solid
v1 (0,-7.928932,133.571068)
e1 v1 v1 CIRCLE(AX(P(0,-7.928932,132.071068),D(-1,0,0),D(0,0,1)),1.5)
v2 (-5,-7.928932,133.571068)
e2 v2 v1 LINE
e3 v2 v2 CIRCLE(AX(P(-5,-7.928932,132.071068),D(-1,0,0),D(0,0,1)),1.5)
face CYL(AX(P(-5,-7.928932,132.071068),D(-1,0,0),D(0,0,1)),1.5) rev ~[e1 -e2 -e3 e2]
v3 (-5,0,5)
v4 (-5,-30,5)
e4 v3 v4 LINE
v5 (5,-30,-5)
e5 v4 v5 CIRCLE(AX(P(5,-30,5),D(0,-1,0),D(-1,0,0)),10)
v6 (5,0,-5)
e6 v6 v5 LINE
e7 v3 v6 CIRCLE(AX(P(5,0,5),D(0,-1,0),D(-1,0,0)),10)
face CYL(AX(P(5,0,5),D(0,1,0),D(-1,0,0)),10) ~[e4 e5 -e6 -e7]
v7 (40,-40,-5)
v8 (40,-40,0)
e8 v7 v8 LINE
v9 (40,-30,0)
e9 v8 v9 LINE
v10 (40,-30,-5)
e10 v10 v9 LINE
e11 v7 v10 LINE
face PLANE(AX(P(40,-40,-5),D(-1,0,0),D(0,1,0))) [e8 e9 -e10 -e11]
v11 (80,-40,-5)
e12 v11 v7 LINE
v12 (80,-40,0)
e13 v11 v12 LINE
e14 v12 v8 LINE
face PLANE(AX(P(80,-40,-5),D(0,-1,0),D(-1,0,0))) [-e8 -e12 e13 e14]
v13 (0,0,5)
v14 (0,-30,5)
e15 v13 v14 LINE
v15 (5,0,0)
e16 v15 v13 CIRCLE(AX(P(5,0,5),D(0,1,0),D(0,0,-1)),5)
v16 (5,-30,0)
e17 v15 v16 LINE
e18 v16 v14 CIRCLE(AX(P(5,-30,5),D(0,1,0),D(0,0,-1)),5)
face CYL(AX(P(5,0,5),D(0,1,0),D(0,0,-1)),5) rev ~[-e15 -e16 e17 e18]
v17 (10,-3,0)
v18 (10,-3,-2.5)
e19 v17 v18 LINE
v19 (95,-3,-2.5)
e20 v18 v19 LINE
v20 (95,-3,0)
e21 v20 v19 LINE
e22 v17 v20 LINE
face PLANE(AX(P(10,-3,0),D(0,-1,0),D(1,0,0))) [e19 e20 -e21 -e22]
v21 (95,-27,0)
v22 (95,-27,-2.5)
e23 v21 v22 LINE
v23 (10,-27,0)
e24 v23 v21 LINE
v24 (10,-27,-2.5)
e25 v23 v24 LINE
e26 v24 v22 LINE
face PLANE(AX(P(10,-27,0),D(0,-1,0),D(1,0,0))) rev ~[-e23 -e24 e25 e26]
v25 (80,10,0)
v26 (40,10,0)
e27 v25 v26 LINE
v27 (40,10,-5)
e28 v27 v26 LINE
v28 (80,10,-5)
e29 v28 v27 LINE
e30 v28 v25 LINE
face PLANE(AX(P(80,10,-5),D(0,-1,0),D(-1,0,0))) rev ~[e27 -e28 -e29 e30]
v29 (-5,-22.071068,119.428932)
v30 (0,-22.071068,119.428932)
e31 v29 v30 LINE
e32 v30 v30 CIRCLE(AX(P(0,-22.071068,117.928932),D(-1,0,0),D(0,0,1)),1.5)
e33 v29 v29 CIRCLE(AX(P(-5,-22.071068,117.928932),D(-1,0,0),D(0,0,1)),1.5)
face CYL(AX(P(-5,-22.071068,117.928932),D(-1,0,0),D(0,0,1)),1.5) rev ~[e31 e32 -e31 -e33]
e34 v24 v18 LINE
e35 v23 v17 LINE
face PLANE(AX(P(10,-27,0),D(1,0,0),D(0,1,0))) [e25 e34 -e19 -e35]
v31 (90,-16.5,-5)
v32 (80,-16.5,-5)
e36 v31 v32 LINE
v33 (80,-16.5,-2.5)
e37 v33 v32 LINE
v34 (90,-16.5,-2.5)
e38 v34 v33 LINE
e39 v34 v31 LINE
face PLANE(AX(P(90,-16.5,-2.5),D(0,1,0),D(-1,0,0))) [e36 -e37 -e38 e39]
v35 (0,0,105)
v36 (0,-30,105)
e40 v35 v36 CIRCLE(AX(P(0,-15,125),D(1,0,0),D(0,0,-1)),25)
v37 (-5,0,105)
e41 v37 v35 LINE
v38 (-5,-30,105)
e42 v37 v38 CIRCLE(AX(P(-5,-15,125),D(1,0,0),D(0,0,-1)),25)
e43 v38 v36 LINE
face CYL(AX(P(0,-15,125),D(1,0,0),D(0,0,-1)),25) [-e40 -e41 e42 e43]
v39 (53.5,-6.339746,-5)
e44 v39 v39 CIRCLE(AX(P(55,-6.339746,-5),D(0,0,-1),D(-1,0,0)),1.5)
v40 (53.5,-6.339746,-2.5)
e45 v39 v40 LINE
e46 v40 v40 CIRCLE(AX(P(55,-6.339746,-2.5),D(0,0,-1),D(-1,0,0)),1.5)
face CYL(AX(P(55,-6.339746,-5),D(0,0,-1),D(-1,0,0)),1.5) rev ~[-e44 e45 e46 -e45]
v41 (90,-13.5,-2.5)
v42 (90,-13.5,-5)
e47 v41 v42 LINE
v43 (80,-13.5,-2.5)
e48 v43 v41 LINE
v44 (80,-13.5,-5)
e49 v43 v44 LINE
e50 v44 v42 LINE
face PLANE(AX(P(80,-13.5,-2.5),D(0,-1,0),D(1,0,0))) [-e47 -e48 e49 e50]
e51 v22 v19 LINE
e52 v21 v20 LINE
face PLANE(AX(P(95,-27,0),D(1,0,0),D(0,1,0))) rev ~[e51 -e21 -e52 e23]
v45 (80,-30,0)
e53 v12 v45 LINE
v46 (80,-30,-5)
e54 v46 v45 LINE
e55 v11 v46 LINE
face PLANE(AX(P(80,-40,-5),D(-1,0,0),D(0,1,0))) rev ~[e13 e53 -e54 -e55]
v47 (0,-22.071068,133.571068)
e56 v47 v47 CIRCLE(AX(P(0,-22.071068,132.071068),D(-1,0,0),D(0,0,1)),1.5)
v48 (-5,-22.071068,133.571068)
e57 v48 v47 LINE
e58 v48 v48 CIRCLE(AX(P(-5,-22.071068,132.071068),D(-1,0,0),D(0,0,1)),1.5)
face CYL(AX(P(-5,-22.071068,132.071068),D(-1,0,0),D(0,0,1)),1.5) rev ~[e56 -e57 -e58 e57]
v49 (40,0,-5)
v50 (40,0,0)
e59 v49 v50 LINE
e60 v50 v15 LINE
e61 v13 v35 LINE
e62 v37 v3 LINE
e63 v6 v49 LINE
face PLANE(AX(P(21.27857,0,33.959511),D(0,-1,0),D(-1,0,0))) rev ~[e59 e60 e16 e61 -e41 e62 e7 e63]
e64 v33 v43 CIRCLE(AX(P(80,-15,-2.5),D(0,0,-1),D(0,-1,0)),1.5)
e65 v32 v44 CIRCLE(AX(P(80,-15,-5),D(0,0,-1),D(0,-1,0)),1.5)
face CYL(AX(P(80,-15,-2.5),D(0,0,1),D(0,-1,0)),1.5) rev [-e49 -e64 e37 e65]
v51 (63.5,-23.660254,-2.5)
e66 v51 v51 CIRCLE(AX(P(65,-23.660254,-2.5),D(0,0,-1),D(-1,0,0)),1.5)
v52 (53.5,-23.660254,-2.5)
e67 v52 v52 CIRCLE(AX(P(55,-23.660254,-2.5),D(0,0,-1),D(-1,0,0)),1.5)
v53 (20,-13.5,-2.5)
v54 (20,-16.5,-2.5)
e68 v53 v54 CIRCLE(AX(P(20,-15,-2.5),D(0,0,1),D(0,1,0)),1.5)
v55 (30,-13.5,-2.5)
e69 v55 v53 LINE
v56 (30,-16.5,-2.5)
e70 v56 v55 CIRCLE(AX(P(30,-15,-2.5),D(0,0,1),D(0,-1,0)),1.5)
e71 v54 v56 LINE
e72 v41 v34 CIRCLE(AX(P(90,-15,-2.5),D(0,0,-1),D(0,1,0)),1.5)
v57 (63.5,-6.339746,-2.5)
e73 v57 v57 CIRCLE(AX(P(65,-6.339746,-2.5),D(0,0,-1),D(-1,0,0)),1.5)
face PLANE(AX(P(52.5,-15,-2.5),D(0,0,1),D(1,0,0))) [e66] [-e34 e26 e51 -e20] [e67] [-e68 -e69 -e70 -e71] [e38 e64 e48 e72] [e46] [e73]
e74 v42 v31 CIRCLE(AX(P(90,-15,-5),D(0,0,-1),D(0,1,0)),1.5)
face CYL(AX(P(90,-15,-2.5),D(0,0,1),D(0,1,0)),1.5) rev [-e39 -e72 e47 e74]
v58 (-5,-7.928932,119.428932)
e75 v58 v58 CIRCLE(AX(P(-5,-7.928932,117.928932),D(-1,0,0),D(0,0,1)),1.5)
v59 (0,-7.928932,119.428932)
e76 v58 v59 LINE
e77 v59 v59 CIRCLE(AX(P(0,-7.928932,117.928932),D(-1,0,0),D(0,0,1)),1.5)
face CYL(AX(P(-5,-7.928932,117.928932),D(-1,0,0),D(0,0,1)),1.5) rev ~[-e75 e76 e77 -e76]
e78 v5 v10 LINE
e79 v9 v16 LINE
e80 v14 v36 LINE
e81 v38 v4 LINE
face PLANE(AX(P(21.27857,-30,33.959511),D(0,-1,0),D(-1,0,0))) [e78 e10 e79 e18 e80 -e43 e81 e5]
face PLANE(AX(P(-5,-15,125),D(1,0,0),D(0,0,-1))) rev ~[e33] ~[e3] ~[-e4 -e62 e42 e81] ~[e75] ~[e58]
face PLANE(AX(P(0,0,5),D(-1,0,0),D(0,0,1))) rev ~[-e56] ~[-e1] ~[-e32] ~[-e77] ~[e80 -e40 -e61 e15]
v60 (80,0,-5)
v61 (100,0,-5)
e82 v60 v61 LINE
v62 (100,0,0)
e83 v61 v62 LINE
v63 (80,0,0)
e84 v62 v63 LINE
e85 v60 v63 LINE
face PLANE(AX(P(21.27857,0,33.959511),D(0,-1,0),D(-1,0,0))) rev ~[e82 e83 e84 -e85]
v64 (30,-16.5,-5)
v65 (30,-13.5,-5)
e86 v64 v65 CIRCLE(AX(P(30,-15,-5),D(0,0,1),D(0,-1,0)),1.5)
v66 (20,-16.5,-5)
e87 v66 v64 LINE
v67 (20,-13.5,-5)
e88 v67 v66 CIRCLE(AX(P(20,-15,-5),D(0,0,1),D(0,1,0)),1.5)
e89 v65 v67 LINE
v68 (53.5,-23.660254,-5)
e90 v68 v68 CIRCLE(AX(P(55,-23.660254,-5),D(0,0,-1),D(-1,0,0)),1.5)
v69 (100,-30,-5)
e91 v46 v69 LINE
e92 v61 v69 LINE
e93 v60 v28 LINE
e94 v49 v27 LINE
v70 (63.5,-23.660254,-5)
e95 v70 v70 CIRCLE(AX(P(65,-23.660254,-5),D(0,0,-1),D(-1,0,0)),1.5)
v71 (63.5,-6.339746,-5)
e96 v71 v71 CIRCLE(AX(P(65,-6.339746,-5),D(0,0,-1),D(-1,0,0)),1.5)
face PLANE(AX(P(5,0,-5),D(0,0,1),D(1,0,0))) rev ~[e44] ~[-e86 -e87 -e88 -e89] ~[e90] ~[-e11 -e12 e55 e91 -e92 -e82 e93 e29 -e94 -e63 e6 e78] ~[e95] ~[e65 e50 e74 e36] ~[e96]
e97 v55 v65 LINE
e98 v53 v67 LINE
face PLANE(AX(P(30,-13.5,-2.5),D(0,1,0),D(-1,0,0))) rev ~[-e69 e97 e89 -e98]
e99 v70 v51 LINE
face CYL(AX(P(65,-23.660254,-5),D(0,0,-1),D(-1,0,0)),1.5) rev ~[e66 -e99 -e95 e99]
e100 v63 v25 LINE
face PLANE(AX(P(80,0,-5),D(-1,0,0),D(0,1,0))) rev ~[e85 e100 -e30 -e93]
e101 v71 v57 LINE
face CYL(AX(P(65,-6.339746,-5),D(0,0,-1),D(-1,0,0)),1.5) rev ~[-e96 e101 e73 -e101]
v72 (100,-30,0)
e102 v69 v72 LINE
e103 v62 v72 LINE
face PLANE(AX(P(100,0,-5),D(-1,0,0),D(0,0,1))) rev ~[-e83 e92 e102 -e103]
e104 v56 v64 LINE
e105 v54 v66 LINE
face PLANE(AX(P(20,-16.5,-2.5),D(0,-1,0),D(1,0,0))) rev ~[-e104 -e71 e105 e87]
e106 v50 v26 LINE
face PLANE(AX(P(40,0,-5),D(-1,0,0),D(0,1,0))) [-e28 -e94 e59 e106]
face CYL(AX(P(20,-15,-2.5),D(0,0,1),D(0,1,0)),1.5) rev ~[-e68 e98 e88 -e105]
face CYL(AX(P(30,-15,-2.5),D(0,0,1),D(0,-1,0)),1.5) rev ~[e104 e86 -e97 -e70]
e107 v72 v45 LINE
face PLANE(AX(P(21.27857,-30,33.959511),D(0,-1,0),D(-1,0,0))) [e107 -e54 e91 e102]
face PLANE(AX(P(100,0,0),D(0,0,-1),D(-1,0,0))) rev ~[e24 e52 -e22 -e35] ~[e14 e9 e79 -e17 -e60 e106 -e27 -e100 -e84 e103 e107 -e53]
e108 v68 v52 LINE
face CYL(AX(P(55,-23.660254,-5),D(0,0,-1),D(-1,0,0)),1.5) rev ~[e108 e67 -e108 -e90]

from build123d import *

# Parameters (mm, degrees)
BOSS_EXTRUDE1_DEPTH = 30
SKETCH4_R           = 25
BOSS_EXTRUDE3_DEPTH = 5
SKETCH8_W           = 85
SKETCH8_H           = 24
CUT_EXTRUDE2_DEPTH  = 2.5
SKETCH11_R          = 1.5
CUT_EXTRUDE4_DEPTH  = 5
SKETCH12_W          = 40
SKETCH12_H          = 10
BOSS_EXTRUDE5_DEPTH = 5
CUT_EXTRUDE5_DEPTH  = 2.5
SKETCH14_R          = 1.5
CUT_EXTRUDE6_DEPTH  = 189.745860882


with BuildPart() as part:
    # Sketch1 → Boss-Extrude1 (new body)
    with BuildSketch(Plane(origin=(0, 0, 0), x_dir=(1, 0, 0), z_dir=(0, 1, 0))):
        with BuildLine():
            Line((0, -5), (0, -125))
            Line((0, -125), (-5, -125))
            Line((-5, -125), (-5, -5))
            ThreePointArc((-5, -5), (-2.071067812, 2.071067812), (5, 5))
            Line((5, 5), (100, 5))
            Line((100, 5), (100, 0))
            Line((100, 0), (5, 0))
            ThreePointArc((5, 0), (1.464466094, -1.464466094), (0, -5))
        make_face()
    extrude(amount=-BOSS_EXTRUDE1_DEPTH)

    # Sketch4 → Boss-Extrude3 (add)
    with BuildSketch(Plane(origin=(0, 0, 0), x_dir=(0, 0, -1), z_dir=(1, 0, 0))):
        with Locations((-125, -15)):
            Circle(SKETCH4_R)
    extrude(amount=-BOSS_EXTRUDE3_DEPTH)

    # Sketch8 → Cut-Extrude2 (cut)
    with BuildSketch(Plane.XY):
        with Locations((52.5, -15)):
            Rectangle(SKETCH8_W, SKETCH8_H)
    extrude(amount=-CUT_EXTRUDE2_DEPTH, mode=Mode.SUBTRACT)

    # Sketch11 → Cut-Extrude4 (cut)
    with BuildSketch(Plane.ZY.offset(5)):
        with Locations((132.071067812, -7.928932188)):
            Circle(SKETCH11_R)
        with Locations((132.071067812, -22.071067812)):
            Circle(SKETCH11_R)
        with Locations((117.928932188, -22.071067812)):
            Circle(SKETCH11_R)
        with Locations((117.928932188, -7.928932188)):
            Circle(SKETCH11_R)
    extrude(amount=-CUT_EXTRUDE4_DEPTH, mode=Mode.SUBTRACT)

    # Sketch12 → Boss-Extrude5 (add)
    with BuildSketch(Plane(origin=(0, 0, -5), x_dir=(-1, 0, 0), z_dir=(0, 0, -1))):
        with Locations((-60, 5)):
            Rectangle(SKETCH12_W, SKETCH12_H)
        with Locations((-60, -35)):
            Rectangle(SKETCH12_W, SKETCH12_H)
    extrude(amount=-BOSS_EXTRUDE5_DEPTH)

    # Sketch13 → Cut-Extrude5 (cut)
    with BuildSketch(Plane.XY.offset(-2.5)):
        with BuildLine():
            Line((90, -16.5), (80, -16.5))
            ThreePointArc((80, -16.5), (78.5, -15), (80, -13.5))
            Line((80, -13.5), (90, -13.5))
            ThreePointArc((90, -13.5), (91.5, -15), (90, -16.5))
        make_face()
        with BuildLine():
            Line((20, -16.5), (30, -16.5))
            ThreePointArc((30, -16.5), (31.5, -15), (30, -13.5))
            Line((30, -13.5), (20, -13.5))
            ThreePointArc((20, -13.5), (18.5, -15), (20, -16.5))
        make_face()
    extrude(amount=-CUT_EXTRUDE5_DEPTH, mode=Mode.SUBTRACT)

    # Sketch14 → Cut-Extrude6 (cut, through all)
    with BuildSketch(Plane(origin=(0, 0, -5), x_dir=(-1, 0, 0), z_dir=(0, 0, -1))):
        with Locations((-65, -6.339745962)):
            Circle(SKETCH14_R)
        with Locations((-55, -6.339745962)):
            Circle(SKETCH14_R)
        with Locations((-55, -23.660254038)):
            Circle(SKETCH14_R)
        with Locations((-65, -23.660254038)):
            Circle(SKETCH14_R)
    extrude(amount=-CUT_EXTRUDE6_DEPTH, mode=Mode.SUBTRACT)


solid = part.part
